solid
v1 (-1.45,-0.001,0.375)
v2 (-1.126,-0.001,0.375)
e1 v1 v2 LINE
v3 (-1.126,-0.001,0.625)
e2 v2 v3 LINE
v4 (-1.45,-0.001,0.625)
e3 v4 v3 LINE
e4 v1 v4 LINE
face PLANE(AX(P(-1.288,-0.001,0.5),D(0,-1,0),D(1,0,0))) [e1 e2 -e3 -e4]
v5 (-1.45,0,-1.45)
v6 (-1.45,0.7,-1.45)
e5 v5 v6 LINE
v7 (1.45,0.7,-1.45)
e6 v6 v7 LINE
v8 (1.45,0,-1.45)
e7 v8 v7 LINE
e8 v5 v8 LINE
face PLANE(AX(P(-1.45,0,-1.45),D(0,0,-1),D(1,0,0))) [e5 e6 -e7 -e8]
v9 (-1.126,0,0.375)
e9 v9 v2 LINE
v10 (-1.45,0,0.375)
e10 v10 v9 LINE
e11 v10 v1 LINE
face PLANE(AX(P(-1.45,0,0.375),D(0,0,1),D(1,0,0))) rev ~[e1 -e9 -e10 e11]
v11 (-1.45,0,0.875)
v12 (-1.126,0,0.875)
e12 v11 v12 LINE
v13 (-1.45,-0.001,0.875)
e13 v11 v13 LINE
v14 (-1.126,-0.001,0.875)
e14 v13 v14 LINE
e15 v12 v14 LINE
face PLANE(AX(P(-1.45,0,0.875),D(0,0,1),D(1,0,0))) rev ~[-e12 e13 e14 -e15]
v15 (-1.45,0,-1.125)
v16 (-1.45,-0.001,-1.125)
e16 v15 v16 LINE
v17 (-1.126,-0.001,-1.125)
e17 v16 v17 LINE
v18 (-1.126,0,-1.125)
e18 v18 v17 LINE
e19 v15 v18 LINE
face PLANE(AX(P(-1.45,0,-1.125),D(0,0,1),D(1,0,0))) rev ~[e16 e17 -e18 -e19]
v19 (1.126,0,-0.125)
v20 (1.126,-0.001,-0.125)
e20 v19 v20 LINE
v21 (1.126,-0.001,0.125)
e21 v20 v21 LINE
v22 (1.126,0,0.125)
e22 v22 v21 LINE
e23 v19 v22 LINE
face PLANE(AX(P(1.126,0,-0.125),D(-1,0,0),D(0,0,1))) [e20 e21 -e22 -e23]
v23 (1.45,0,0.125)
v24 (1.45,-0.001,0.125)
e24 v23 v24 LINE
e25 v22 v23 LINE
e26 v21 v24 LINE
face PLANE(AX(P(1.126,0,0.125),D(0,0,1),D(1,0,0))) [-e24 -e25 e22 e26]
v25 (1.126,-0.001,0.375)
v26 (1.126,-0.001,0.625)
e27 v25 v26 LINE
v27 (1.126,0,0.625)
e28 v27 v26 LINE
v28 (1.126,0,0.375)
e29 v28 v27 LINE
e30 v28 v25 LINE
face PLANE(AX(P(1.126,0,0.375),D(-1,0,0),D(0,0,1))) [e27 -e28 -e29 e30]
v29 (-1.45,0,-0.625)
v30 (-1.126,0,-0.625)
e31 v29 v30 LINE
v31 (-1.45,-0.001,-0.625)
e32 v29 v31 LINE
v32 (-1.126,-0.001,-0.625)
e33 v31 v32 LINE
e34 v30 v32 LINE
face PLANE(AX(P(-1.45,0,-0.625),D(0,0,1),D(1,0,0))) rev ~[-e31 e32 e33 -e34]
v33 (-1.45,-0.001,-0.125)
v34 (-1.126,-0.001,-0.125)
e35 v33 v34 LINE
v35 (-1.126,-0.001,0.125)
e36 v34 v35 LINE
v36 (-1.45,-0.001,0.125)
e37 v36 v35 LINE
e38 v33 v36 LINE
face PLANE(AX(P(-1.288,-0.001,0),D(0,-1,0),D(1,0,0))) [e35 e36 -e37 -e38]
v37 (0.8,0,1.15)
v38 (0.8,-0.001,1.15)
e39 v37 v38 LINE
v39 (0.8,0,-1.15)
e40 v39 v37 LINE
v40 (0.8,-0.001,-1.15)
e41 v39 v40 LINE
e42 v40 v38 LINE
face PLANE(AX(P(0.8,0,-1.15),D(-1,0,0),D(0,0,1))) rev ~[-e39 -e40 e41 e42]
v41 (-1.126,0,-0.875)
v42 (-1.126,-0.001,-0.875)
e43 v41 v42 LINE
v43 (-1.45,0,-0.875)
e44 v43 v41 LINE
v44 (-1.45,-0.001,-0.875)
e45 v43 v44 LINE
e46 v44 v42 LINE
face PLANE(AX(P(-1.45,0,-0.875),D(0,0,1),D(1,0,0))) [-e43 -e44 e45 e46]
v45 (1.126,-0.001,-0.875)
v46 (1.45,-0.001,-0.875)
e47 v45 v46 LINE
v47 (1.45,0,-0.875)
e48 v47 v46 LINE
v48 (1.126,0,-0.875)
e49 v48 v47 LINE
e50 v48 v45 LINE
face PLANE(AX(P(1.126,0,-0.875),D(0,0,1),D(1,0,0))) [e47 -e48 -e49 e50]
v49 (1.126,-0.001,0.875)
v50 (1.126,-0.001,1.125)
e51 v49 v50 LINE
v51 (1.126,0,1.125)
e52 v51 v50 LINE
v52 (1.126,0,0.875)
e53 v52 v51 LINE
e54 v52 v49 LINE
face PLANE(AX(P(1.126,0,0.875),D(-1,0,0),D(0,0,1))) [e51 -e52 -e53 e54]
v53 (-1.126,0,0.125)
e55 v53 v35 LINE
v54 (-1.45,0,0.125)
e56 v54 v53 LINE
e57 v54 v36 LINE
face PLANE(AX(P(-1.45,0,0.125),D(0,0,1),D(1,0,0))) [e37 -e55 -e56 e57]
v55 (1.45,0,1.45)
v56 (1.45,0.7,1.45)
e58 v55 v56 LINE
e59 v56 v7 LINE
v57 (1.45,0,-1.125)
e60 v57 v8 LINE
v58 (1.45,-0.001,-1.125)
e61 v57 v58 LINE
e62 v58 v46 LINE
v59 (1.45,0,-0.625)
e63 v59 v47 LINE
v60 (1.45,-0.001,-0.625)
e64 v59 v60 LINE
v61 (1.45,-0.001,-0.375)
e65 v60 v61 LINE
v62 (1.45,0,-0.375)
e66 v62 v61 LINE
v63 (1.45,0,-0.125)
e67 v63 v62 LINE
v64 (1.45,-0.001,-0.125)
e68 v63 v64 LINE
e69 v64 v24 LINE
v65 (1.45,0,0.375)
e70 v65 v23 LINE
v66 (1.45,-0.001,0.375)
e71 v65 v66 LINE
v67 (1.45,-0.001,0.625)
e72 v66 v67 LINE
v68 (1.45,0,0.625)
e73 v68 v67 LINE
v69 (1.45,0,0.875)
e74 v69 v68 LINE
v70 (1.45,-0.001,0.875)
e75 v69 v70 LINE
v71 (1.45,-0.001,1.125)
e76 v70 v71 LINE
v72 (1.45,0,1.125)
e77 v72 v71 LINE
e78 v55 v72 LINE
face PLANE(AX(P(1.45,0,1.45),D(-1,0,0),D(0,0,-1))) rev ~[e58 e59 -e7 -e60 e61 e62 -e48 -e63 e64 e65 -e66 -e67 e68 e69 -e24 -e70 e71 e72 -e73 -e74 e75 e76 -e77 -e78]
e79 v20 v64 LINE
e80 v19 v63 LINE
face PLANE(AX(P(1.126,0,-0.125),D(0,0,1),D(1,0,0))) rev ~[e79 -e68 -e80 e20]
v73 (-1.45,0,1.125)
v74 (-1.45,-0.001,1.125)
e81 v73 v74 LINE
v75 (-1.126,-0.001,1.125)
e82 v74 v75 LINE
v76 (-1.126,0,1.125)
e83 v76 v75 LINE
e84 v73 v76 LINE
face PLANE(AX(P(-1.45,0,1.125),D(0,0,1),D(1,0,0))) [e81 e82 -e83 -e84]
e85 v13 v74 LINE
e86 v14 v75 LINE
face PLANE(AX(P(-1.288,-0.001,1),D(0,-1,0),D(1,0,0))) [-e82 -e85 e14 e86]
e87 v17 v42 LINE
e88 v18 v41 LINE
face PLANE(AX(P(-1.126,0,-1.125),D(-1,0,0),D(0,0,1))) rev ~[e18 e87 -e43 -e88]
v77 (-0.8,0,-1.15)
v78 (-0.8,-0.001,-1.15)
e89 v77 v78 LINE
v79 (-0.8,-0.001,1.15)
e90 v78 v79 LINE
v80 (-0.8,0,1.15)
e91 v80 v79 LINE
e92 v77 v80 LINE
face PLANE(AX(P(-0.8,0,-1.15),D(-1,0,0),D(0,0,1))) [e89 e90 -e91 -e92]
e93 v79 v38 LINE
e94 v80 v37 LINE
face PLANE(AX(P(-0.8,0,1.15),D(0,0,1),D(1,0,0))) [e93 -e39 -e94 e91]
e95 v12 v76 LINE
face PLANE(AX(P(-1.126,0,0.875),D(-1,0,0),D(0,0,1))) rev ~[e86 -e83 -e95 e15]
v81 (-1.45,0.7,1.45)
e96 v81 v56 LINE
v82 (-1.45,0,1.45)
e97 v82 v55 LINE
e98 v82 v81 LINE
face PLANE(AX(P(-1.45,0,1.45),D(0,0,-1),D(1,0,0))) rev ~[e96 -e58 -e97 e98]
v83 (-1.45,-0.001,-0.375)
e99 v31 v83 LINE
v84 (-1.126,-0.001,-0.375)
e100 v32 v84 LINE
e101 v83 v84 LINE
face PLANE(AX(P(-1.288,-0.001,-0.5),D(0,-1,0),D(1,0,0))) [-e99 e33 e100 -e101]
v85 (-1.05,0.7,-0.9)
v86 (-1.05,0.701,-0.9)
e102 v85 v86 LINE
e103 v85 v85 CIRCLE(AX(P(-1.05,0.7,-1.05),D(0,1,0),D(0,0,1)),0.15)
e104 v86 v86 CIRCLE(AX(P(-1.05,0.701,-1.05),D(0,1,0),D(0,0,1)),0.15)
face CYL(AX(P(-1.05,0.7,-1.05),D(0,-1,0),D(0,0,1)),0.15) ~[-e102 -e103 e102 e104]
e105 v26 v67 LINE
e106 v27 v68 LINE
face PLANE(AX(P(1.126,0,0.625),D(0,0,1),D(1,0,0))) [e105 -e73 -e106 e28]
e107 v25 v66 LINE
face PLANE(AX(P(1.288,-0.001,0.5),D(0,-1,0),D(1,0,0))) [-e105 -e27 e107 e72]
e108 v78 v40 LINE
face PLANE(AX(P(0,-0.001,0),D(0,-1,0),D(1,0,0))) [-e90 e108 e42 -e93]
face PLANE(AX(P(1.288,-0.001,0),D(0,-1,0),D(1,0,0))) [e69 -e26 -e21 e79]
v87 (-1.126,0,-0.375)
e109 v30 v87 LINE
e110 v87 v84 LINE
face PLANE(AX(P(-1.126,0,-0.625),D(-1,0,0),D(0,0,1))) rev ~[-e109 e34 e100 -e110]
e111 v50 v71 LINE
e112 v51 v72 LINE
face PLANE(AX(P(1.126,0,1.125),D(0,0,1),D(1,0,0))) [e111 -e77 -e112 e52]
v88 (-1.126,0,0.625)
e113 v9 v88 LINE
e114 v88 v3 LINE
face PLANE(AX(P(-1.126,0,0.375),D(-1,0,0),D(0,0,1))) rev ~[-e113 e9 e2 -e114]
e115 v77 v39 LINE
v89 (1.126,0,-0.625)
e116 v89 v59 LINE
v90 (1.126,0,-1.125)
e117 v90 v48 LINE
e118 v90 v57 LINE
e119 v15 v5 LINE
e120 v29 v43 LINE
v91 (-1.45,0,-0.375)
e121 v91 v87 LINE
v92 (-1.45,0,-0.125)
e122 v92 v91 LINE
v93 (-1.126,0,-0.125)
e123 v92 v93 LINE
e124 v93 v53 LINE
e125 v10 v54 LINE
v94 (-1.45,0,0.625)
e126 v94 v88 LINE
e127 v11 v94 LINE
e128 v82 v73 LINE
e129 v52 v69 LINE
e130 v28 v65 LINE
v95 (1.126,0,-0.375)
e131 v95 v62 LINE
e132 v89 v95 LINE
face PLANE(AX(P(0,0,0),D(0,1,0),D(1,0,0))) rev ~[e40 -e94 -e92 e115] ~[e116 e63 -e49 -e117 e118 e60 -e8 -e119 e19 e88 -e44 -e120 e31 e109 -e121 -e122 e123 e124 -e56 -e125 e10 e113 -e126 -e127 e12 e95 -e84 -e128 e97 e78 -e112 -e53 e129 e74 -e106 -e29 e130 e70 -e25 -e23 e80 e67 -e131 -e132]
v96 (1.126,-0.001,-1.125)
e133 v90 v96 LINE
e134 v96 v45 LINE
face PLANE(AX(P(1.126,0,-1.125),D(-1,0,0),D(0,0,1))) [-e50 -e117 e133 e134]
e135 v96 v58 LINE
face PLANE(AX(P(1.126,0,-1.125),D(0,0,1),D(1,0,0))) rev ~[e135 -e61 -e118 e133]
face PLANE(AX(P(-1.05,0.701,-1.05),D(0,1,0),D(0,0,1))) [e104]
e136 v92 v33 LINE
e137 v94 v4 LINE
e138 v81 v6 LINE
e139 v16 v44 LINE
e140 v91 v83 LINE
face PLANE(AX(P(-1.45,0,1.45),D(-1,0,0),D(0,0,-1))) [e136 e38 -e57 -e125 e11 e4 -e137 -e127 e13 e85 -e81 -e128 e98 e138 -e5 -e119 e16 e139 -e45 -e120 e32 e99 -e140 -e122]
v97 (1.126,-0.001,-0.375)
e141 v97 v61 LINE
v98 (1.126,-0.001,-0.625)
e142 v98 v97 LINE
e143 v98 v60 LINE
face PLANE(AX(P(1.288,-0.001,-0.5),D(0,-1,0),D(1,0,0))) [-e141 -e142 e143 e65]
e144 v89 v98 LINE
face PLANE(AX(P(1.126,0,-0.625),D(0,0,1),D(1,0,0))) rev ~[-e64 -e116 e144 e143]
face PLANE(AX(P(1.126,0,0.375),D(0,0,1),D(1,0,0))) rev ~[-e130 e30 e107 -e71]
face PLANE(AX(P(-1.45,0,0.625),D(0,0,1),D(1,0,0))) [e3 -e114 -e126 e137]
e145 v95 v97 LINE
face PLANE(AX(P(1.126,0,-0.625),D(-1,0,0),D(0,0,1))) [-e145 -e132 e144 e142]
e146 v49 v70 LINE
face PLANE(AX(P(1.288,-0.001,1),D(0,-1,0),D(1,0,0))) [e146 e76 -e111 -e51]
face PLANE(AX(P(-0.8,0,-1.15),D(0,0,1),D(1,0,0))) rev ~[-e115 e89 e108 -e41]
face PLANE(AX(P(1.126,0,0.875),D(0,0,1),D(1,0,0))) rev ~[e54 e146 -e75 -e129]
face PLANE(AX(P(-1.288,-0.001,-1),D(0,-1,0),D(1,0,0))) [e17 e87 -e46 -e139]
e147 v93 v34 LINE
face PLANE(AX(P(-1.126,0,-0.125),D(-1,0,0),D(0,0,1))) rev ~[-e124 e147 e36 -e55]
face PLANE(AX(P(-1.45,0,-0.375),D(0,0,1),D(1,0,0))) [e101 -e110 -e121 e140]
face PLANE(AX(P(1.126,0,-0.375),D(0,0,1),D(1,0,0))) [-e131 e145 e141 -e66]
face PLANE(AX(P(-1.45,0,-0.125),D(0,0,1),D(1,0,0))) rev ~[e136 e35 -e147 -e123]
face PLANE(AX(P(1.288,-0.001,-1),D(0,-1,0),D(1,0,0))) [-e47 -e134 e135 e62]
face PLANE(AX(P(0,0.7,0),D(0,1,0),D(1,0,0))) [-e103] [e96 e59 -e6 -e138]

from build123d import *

# Parameters (mm, degrees)
SKETCH1_W           = 2.9
SKETCH1_H           = 2.9
BOSS_EXTRUDE1_DEPTH = 0.7
SKETCH2_W           = 0.324
SKETCH2_H           = 0.25
SKETCH2_W_2         = 1.6
SKETCH2_H_2         = 2.3
BOSS_EXTRUDE2_DEPTH = 0.001
SKETCH3_R           = 0.15
BOSS_EXTRUDE3_DEPTH = 0.001


with BuildPart() as part:
    # Sketch1 → Boss-Extrude1 (new body)
    with BuildSketch(Plane(origin=(0, 0, 0), x_dir=(1, 0, 0), z_dir=(0, 1, 0))):
        Rectangle(SKETCH1_W, SKETCH1_H)
    extrude(amount=BOSS_EXTRUDE1_DEPTH)

    # Sketch2 → Boss-Extrude2 (add)
    with BuildSketch(Plane.XZ):
        with Locations((-1.288, 0)):
            Rectangle(SKETCH2_W, SKETCH2_H)
        with Locations((-1.288, 0.5)):
            Rectangle(SKETCH2_W, SKETCH2_H)
        with Locations((-1.288, 1)):
            Rectangle(SKETCH2_W, SKETCH2_H)
        with Locations((-1.288, -1)):
            Rectangle(SKETCH2_W, SKETCH2_H)
        with Locations((-1.288, -0.5)):
            Rectangle(SKETCH2_W, SKETCH2_H)
        with Locations((1.288, -1)):
            Rectangle(SKETCH2_W, SKETCH2_H)
        with Locations((1.288, -0.5)):
            Rectangle(SKETCH2_W, SKETCH2_H)
        with Locations((1.288, 0)):
            Rectangle(SKETCH2_W, SKETCH2_H)
        with Locations((1.288, 0.5)):
            Rectangle(SKETCH2_W, SKETCH2_H)
        with Locations((1.288, 1)):
            Rectangle(SKETCH2_W, SKETCH2_H)
        Rectangle(SKETCH2_W_2, SKETCH2_H_2)
    extrude(amount=BOSS_EXTRUDE2_DEPTH)

    # Sketch3 → Boss-Extrude3 (add)
    with BuildSketch(Plane(origin=(0, 0.7, 0), x_dir=(1, 0, 0), z_dir=(0, 1, 0))):
        with Locations(Location((-1.05, 1.05, 0), (0, 0, 270))):
            Circle(SKETCH3_R)
    extrude(amount=BOSS_EXTRUDE3_DEPTH)


solid = part.part
